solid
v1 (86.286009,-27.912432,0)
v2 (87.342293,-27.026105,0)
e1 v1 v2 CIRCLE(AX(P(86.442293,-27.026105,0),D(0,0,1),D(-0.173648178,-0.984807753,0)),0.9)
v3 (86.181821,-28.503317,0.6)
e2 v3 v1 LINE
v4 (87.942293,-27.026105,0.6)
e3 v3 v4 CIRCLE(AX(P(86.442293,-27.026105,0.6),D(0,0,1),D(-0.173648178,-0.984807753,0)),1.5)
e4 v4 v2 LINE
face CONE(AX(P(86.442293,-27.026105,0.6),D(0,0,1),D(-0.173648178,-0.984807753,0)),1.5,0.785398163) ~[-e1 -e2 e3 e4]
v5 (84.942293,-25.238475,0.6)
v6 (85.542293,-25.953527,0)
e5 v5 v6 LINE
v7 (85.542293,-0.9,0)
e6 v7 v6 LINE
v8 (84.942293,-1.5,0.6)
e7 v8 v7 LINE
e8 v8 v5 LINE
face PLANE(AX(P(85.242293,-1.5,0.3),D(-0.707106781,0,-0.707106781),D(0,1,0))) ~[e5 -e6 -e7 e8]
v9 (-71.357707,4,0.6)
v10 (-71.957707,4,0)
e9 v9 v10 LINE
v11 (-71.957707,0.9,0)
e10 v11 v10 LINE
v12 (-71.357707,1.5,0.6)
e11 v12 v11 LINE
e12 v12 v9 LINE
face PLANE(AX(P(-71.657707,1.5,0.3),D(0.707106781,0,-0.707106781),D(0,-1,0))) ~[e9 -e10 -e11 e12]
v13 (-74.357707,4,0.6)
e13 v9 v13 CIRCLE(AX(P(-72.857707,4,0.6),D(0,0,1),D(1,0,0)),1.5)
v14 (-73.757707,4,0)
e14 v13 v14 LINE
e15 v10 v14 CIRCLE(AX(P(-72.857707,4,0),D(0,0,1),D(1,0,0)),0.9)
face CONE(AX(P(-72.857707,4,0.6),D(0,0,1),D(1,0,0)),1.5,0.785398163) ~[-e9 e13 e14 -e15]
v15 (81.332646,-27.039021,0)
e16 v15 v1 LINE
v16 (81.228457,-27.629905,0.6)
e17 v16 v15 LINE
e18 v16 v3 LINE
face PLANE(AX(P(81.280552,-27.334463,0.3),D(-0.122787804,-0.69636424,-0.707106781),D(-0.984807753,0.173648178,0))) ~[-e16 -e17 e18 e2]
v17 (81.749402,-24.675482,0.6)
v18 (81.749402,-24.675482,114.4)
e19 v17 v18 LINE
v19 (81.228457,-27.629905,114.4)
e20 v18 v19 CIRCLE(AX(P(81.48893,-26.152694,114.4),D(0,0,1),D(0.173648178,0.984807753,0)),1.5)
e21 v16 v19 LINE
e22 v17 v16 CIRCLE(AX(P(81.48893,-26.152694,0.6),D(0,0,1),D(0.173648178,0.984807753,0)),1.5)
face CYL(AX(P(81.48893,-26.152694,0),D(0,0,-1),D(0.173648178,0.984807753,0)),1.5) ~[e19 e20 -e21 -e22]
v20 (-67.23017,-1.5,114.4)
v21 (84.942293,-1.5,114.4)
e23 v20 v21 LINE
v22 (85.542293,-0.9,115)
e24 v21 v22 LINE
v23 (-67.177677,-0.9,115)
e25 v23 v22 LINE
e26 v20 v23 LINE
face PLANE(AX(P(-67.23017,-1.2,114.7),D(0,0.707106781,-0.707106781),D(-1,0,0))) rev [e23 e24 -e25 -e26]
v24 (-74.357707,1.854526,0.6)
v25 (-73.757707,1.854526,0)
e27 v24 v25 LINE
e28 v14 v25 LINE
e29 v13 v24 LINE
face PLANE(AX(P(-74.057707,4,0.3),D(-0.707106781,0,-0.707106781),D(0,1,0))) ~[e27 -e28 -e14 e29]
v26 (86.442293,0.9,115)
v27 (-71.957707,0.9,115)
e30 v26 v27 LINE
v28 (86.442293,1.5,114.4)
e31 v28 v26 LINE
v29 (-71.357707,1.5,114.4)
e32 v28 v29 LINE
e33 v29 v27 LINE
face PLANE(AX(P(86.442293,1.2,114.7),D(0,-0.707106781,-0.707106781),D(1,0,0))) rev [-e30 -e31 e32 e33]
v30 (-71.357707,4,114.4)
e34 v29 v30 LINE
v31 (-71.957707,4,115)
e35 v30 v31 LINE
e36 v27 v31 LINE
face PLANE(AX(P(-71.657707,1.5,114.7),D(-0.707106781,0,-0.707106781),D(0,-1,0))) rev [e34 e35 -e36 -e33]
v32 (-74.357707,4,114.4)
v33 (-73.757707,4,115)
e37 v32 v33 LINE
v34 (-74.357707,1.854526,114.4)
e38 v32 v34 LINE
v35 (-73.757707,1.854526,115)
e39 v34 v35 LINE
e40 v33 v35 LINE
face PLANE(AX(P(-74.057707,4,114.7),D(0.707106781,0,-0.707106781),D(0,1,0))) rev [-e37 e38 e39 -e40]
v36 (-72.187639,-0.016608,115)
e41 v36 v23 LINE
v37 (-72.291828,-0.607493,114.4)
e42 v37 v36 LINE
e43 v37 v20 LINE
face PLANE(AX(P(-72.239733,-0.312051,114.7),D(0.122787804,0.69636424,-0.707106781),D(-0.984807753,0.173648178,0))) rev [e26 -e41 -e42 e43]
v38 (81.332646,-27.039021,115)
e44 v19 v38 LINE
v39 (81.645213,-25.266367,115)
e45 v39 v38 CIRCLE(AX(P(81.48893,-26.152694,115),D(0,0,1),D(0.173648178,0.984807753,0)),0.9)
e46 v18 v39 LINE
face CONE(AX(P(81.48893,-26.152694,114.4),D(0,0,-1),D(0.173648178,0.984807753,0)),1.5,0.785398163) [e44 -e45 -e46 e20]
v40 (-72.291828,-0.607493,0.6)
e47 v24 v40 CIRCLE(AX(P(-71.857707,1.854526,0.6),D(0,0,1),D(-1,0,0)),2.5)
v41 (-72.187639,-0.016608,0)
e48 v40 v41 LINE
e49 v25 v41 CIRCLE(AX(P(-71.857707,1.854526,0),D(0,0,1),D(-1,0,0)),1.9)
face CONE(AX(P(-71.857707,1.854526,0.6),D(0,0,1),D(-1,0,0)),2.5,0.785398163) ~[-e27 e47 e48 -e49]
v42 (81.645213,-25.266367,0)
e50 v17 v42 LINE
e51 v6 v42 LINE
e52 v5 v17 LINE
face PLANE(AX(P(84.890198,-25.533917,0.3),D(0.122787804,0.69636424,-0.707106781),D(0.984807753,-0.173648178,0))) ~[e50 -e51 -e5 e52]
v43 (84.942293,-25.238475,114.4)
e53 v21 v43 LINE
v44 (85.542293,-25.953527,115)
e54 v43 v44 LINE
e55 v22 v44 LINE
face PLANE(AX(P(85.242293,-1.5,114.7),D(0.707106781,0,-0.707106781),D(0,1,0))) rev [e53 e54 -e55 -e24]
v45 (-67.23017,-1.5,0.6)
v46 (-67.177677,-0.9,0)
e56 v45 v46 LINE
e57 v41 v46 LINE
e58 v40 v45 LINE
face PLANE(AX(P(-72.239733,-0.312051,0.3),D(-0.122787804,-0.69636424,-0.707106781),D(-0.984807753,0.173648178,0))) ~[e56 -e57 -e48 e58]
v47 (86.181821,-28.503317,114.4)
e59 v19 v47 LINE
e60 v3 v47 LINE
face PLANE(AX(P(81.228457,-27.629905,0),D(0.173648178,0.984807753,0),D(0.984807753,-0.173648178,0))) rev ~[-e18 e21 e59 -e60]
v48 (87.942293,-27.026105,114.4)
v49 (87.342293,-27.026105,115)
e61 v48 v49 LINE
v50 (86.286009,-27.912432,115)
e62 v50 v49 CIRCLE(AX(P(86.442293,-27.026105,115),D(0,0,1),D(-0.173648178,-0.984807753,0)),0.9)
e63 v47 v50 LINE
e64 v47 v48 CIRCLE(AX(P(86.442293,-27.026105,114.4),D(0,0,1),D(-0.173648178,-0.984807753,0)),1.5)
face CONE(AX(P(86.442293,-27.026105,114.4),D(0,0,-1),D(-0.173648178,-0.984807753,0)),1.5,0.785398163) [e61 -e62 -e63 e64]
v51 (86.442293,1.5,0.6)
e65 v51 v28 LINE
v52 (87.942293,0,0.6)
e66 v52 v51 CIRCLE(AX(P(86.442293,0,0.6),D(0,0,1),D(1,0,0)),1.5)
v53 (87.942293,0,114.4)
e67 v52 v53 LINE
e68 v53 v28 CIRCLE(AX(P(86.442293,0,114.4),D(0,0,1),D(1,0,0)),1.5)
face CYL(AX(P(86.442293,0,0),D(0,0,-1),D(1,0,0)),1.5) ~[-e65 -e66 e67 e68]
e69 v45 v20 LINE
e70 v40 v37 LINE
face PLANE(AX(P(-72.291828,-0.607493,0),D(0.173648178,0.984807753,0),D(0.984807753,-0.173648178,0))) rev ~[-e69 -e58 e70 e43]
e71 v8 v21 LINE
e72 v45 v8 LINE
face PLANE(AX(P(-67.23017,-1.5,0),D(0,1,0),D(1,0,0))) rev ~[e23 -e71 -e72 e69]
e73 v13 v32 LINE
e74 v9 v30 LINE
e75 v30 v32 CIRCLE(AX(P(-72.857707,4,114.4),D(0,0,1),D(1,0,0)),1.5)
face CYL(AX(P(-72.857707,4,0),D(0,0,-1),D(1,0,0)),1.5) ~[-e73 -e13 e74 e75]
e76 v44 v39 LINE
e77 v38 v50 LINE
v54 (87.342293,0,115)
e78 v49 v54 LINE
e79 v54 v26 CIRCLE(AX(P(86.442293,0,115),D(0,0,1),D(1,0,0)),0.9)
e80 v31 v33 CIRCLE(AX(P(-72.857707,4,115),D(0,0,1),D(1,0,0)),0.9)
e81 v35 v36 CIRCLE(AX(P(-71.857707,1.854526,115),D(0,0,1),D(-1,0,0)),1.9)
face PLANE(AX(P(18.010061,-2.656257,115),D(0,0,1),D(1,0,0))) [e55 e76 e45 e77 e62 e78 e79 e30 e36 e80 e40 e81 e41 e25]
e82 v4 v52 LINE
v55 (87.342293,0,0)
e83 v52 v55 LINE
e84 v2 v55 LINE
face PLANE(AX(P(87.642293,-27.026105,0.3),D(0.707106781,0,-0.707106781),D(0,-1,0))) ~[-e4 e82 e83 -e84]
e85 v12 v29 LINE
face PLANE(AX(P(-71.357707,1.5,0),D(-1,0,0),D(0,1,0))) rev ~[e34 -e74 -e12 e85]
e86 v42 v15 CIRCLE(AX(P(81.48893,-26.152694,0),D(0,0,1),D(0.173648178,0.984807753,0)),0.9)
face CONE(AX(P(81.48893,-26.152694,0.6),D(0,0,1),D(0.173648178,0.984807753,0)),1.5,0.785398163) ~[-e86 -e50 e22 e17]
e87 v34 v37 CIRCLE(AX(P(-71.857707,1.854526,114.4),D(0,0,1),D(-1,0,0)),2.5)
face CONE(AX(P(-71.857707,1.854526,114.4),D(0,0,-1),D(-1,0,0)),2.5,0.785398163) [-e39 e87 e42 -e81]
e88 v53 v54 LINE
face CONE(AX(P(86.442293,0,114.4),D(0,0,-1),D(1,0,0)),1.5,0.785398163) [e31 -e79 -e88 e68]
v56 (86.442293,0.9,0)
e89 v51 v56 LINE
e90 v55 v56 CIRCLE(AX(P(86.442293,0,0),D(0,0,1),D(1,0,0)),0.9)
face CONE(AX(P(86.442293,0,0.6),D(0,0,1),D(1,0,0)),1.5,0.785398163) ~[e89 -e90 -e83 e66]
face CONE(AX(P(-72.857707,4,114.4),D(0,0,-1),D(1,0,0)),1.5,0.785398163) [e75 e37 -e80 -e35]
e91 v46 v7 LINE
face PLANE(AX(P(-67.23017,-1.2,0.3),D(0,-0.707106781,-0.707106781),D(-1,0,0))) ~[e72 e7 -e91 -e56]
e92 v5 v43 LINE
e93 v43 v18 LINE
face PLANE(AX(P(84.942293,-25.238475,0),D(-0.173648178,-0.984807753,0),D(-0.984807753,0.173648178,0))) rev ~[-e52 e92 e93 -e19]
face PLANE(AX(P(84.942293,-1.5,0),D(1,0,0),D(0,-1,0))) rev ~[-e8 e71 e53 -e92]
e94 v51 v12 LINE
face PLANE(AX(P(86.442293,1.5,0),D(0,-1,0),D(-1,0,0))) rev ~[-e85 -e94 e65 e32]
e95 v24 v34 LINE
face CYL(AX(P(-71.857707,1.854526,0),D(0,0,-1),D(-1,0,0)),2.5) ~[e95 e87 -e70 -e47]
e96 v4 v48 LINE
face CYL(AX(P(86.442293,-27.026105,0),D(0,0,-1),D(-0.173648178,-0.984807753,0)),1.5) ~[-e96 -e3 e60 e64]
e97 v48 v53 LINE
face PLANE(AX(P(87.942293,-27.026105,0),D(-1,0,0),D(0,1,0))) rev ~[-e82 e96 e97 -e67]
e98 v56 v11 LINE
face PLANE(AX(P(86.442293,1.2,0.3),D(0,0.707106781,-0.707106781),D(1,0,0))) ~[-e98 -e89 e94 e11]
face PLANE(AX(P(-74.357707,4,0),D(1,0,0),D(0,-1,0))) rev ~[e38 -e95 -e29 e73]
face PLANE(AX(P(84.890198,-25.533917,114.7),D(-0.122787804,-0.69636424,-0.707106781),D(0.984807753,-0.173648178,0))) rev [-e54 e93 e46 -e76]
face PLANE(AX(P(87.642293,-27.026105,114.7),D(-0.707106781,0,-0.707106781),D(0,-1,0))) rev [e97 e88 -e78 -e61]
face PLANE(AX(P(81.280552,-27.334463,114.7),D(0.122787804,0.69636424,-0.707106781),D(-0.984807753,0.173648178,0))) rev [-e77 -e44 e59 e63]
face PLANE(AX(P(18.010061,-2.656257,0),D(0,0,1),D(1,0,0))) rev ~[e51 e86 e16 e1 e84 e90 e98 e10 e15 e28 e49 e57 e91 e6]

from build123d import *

# Parameters (mm, degrees)
F1_DEPTH = 115
F2_SIZE  = 0.6


with BuildPart() as f1:
    # F0 (on Top) → F1 (new body)
    with BuildSketch(Plane.XY):
        with BuildLine():
            ThreePointArc((-71.3577072051, 4), (-72.8577072051, 5.5), (-74.3577072051, 4))
            Line((-74.3577072051, 4), (-74.3577072051, 1.8545262431))
            ThreePointArc((-74.3577072051, 1.8545262431), (-73.7728183129, 0.2475572188), (-72.2918276492, -0.6074931395))
            Line((-72.2918276492, -0.6074931395), (-67.2301697172, -1.5))
            Line((-67.2301697172, -1.5), (84.9422927949, -1.5))
            Line((84.9422927949, -1.5), (84.9422927949, -25.238474772))
            Line((84.9422927949, -25.238474772), (81.7494018676, -24.675481955))
            ThreePointArc((81.7494018676, -24.675481955), (80.0117179716, -25.8922213181), (81.2284573346, -27.6299052141))
            Line((81.2284573346, -27.6299052141), (86.1818205284, -28.5033167904))
            ThreePointArc((86.1818205284, -28.5033167904), (87.4064742095, -28.1751718256), (87.9422927949, -27.0261051609))
            Line((87.9422927949, -27.0261051609), (87.9422927949, 0))
            ThreePointArc((87.9422927949, 0), (87.5029529667, 1.0606601718), (86.4422927949, 1.5))
            Line((86.4422927949, 1.5), (-71.3577072051, 1.5))
            Line((-71.3577072051, 1.5), (-71.3577072051, 4))
        make_face()
    extrude(amount=F1_DEPTH)

    # F2
    f2_edges = [f1.edges().sort_by_distance(p)[0] for p in [
        (-72.857707, 5.5, 115),
        (-74.357707, 2.927263, 115),
        (-73.772818, 0.247557, 115),
        (-69.760999, -1.053747, 115),
        (8.856062, -1.5, 115),
        (84.942293, -13.369237, 115),
        (83.345847, -24.956978, 115),
        (80.011718, -25.892221, 115),
        (83.705139, -28.066611, 115),
        (87.406474, -28.175172, 115),
        (87.942293, -13.513053, 115),
        (87.502953, 1.06066, 115),
        (7.542293, 1.5, 115),
        (-71.357707, 2.75, 115),
        (-72.857707, 5.5, 0),
        (-74.357707, 2.927263, 0),
        (-73.772818, 0.247557, 0),
        (-69.760999, -1.053747, 0),
        (8.856062, -1.5, 0),
        (84.942293, -13.369237, 0),
        (83.345847, -24.956978, 0),
        (80.011718, -25.892221, 0),
        (83.705139, -28.066611, 0),
        (87.406474, -28.175172, 0),
        (87.942293, -13.513053, 0),
        (87.502953, 1.06066, 0),
        (7.542293, 1.5, 0),
        (-71.357707, 2.75, 0),
    ]]
    chamfer(f2_edges, length=F2_SIZE)


solid = f1.part
